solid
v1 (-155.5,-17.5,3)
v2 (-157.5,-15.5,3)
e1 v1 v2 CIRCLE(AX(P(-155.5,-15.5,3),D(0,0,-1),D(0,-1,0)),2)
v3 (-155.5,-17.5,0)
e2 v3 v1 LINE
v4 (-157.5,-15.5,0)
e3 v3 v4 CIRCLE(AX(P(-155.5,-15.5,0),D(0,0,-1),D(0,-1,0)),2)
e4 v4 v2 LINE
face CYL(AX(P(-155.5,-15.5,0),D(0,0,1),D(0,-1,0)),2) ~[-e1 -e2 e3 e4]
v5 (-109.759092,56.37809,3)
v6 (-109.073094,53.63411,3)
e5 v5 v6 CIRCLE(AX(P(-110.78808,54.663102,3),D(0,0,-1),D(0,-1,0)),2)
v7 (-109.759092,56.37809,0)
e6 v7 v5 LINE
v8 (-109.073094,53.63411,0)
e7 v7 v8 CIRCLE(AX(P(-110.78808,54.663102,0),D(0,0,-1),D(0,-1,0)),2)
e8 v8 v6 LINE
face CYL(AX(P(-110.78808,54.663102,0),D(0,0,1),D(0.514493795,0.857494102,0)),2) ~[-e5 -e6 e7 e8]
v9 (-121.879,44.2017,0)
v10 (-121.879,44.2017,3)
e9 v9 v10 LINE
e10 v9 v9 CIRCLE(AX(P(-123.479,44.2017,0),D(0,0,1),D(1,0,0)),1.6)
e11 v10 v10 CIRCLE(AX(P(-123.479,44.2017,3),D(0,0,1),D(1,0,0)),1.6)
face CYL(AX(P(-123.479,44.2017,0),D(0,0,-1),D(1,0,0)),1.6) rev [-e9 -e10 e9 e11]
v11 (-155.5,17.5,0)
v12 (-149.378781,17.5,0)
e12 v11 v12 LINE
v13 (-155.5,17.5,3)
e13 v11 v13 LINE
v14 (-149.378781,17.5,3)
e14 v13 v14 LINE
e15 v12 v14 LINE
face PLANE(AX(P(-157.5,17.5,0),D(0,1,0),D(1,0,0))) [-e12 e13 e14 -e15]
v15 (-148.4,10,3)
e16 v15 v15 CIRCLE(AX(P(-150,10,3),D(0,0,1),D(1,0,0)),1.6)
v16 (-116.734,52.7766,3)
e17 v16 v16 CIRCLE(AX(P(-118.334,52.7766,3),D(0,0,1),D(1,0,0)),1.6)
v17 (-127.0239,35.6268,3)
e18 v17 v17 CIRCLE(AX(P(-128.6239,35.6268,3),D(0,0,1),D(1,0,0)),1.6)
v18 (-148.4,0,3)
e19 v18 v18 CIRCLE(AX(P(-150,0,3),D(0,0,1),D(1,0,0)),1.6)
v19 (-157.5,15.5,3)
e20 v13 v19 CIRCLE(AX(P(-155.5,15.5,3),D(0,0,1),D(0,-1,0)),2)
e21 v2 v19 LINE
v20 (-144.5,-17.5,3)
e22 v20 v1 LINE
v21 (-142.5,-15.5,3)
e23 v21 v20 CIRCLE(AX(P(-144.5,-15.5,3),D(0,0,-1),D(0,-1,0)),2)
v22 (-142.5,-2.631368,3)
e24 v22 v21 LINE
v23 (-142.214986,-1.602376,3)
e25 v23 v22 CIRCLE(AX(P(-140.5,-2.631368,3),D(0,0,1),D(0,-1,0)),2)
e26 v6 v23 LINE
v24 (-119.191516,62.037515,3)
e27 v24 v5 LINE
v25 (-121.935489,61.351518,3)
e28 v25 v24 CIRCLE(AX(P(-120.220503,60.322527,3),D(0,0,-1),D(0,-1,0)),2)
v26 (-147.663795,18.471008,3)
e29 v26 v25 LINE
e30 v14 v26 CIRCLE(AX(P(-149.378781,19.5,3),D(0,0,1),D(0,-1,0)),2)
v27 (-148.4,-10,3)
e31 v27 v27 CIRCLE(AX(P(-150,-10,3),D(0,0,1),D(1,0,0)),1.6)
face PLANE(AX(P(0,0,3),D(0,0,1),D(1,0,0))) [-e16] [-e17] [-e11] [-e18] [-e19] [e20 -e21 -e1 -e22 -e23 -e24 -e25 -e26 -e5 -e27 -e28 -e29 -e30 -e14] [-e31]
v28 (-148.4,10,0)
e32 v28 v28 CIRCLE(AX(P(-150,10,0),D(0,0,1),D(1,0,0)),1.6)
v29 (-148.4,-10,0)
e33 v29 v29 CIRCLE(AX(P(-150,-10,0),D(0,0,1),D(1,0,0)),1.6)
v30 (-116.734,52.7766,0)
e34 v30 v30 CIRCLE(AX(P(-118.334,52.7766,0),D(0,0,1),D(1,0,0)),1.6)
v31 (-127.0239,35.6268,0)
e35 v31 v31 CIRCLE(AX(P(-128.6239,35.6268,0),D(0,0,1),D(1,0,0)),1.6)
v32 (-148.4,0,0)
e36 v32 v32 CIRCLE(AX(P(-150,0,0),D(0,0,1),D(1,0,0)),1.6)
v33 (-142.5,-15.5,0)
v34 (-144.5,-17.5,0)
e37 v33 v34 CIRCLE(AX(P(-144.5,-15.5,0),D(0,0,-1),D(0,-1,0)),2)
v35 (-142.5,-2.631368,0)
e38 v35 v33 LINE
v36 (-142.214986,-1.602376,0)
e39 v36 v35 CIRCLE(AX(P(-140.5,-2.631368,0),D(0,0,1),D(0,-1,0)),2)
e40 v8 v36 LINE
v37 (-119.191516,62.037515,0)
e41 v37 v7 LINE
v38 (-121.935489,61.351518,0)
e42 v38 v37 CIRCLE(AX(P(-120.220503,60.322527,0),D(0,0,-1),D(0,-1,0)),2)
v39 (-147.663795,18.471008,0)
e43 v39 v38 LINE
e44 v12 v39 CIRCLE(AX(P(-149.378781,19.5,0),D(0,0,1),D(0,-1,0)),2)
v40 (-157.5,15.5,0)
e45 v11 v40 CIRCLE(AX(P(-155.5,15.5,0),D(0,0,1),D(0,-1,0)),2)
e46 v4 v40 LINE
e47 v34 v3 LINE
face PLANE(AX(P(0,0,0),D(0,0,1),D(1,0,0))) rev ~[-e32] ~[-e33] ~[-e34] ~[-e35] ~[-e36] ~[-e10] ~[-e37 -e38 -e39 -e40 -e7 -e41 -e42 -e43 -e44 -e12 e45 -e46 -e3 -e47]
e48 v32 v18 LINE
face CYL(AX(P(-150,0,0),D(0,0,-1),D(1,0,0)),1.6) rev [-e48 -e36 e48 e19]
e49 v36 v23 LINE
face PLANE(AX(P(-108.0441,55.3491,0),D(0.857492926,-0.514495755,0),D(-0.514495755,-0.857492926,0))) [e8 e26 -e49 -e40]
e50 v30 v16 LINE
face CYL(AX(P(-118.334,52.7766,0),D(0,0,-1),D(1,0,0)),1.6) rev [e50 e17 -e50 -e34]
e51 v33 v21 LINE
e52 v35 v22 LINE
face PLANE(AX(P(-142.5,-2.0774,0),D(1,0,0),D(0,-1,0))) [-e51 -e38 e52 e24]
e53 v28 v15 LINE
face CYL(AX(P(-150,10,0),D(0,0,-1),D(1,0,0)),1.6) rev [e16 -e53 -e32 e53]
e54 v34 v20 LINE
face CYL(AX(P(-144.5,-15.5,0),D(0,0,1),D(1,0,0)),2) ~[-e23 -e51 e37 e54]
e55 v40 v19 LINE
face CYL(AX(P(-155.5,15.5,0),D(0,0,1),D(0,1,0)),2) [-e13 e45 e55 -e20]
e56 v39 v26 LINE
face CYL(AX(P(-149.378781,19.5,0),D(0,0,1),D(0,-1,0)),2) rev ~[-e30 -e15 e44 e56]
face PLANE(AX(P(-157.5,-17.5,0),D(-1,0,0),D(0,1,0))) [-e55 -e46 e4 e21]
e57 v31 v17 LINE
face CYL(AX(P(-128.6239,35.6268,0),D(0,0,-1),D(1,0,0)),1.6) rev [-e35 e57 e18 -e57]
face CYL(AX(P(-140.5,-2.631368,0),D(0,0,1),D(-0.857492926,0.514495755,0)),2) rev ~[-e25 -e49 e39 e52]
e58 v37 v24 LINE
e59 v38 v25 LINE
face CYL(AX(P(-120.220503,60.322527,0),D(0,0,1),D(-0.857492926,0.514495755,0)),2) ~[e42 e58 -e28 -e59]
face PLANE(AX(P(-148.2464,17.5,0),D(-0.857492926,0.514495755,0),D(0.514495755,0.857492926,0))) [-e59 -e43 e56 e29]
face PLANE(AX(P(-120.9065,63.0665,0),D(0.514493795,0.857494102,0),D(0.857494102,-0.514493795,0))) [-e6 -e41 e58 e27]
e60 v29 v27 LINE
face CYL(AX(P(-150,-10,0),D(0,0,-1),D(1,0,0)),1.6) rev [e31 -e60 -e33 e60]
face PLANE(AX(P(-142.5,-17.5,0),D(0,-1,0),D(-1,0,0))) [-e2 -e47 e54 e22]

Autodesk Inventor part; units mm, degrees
ref_plane "YZ Plane" through (0, 0, 0) normal (1, 0, 0) x (0, 1, 0)
ref_plane "XZ Plane" through (0, 0, 0) normal (0, 1, 0) x (-1, 0, 0)
ref_plane "XY Plane" through (0, 0, 0) normal (0, 0, 1) x (1, 0, 0)
sketch "スケッチ1" plane through (0, 0, 0) normal (0, 0, 1) x (1, 0, 0)
  line L0 (-157.5, 1000) -> (-142.5, 1000)
  line L1 (-142.5, 1000) -> (-142.5, 0) construction
  line L2 (-142.5, 0) -> (-157.5, 0) construction
  line L3 (-157.5, 0) -> (-157.5, 1000) construction
  line L4 (142.5, 500) -> (157.5, 500) construction
  line L5 (157.5, 500) -> (157.5, 0) construction
  line L6 (157.5, 0) -> (142.5, 0)
  line L7 (142.5, 0) -> (142.5, 500) construction
  circle A0 centre (-150, 0) radius 1.6
  circle A1 centre (150, 500) radius 1.6
  line L8 (127.3377, 476.8069) -> (140.2001, 469.0894) construction
  line L9 (140.2001, 469.0894) -> (-127.3377, 23.1931) construction
  line L10 (-127.3377, 23.1931) -> (-140.2001, 30.9106) construction
  line L11 (-140.2001, 30.9106) -> (127.3377, 476.8069) construction
  line L12 (-150, 0) -> (-133.7689, 27.0518) construction
  circle A2 centre (-150, 1000) radius 1.6
  circle A3 centre (150, 490) radius 1.6
  line L13 (133.7689, 472.9482) -> (150, 500) construction
  line L14 (-133.7689, 27.0518) -> (133.7689, 472.9482) construction
  circle A4 centre (128.6239, 464.3732) radius 1.6
  circle A5 centre (123.479, 455.7983) radius 1.6
  circle A6 centre (118.334, 447.2234) radius 1.6
  circle A7 centre (150, 510) radius 1.6
  circle A8 centre (128.6239, 535.6268) radius 1.6
  circle A9 centre (123.479, 544.2017) radius 1.6
  circle A10 centre (118.334, 552.7766) radius 1.6
  line L15 (157.5, 517.5) -> (157.5, 482.5)
  line L16 (157.5, 482.5) -> (148.2464, 482.5)
  line L17 (157.5, 517.5) -> (148.2464, 517.5)
  line L18 (148.2464, 517.5) -> (120.9065, 563.0665)
  line L19 (120.9065, 563.0665) -> (108.0441, 555.3491)
  line L20 (108.0441, 555.3491) -> (136.6231, 507.7174)
  line L21 (148.2464, 482.5) -> (120.9065, 436.9335)
  line L22 (120.9065, 436.9335) -> (108.0441, 444.6509)
  line L23 (108.0441, 444.6509) -> (136.6231, 492.2826)
  arc A11 (136.6231, 492.2826) -> (136.6231, 507.7174) centre (123.7607, 500) ccw
  line L24 (118.334, 552.7766) -> (128.6239, 535.6268) construction
  circle A12 centre (-150, 10) radius 1.6
  circle A13 centre (-128.6239, 35.6268) radius 1.6
  circle A14 centre (-123.479, 44.2017) radius 1.6
  circle A15 centre (-118.334, 52.7766) radius 1.6
  line L25 (-157.5, 17.5) -> (-148.2464, 17.5)
  line L26 (-148.2464, 17.5) -> (-120.9065, 63.0665)
  line L27 (-120.9065, 63.0665) -> (-108.0441, 55.3491)
  line L28 (-108.0441, 55.3491) -> (-142.5, -2.0774)
  line L29 (-142.5, -2.0774) -> (-142.5, -17.5)
  line L30 (-142.5, -17.5) -> (-157.5, -17.5)
  line L31 (-157.5, -17.5) -> (-157.5, 17.5)
  circle A16 centre (-150, -10) radius 1.6
  point P0 (0, 0)
  point P1 (0, 0)
  point P2 (150, 0)
  dimension "d0" = 15
  dimension "d1" = 15
  dimension "d2" = 1000
  dimension "d3" = 500
  dimension "d4" = 3.2
  dimension "d5" = 3.2
  dimension "d6" = 285
  dimension "d7" = 142.5
  dimension "d8" = 15
  dimension "d9" = 7.5
  dimension "d10" = 520
  dimension "d11" = 3.2
  dimension "d12" = 3.2
  dimension "d13" = 10
  dimension "d14" = 3.2
  dimension "d15" = 3.2
  dimension "d16" = 3.2
  dimension "d17" = 10
  dimension "d18" = 10
  dimension "d19" = 10
  dimension "d20" = 3.2
  dimension "d21" = 10
  dimension "d22" = 7.5
  dimension "d23" = 7.5
  dimension "d24" = 7.5
  dimension "d25" = 7.5
  dimension "d26" = 7.5
  dimension "d27" = 7.5
  dimension "d28" = 7.5
  dimension "d29" = 7.5
  dimension "d30" = 7.5
  dimension "d31" = 15
  dimension "d32" = 3.2
  dimension "d33" = 10
  dimension "d34" = 3.2
  dimension "d35" = 3.2
  dimension "d36" = 3.2
  dimension "d37" = 10
  dimension "d38" = 10
  dimension "d39" = 10
  dimension "d40" = 3.2
  dimension "d41" = 10
  dimension "d42" = 7.5
  dimension "d43" = 7.5
  dimension "d44" = 7.5
  dimension "d45" = 7.5
  dimension "d46" = 7.5
extrude "押し出し1" add sketch "スケッチ1" along normal blind 3 contours L25 L26 L27 L28 L29 L30 L31
fillet "フィレット1" radius 2 7 edges at (-120.9065, 63.0665, 1.5) (-108.0441, 55.3491, 1.5) (-142.5, -2.0774, 1.5) (-142.5, -17.5, 1.5) (-157.5, -17.5, 1.5) (-157.5, 17.5, 1.5) (-148.2464, 17.5, 1.5)
equation "\"d7\" = 0.5 * d6"
properties part number "プレート保持_固定具3" material "アルミニウム 6061"
